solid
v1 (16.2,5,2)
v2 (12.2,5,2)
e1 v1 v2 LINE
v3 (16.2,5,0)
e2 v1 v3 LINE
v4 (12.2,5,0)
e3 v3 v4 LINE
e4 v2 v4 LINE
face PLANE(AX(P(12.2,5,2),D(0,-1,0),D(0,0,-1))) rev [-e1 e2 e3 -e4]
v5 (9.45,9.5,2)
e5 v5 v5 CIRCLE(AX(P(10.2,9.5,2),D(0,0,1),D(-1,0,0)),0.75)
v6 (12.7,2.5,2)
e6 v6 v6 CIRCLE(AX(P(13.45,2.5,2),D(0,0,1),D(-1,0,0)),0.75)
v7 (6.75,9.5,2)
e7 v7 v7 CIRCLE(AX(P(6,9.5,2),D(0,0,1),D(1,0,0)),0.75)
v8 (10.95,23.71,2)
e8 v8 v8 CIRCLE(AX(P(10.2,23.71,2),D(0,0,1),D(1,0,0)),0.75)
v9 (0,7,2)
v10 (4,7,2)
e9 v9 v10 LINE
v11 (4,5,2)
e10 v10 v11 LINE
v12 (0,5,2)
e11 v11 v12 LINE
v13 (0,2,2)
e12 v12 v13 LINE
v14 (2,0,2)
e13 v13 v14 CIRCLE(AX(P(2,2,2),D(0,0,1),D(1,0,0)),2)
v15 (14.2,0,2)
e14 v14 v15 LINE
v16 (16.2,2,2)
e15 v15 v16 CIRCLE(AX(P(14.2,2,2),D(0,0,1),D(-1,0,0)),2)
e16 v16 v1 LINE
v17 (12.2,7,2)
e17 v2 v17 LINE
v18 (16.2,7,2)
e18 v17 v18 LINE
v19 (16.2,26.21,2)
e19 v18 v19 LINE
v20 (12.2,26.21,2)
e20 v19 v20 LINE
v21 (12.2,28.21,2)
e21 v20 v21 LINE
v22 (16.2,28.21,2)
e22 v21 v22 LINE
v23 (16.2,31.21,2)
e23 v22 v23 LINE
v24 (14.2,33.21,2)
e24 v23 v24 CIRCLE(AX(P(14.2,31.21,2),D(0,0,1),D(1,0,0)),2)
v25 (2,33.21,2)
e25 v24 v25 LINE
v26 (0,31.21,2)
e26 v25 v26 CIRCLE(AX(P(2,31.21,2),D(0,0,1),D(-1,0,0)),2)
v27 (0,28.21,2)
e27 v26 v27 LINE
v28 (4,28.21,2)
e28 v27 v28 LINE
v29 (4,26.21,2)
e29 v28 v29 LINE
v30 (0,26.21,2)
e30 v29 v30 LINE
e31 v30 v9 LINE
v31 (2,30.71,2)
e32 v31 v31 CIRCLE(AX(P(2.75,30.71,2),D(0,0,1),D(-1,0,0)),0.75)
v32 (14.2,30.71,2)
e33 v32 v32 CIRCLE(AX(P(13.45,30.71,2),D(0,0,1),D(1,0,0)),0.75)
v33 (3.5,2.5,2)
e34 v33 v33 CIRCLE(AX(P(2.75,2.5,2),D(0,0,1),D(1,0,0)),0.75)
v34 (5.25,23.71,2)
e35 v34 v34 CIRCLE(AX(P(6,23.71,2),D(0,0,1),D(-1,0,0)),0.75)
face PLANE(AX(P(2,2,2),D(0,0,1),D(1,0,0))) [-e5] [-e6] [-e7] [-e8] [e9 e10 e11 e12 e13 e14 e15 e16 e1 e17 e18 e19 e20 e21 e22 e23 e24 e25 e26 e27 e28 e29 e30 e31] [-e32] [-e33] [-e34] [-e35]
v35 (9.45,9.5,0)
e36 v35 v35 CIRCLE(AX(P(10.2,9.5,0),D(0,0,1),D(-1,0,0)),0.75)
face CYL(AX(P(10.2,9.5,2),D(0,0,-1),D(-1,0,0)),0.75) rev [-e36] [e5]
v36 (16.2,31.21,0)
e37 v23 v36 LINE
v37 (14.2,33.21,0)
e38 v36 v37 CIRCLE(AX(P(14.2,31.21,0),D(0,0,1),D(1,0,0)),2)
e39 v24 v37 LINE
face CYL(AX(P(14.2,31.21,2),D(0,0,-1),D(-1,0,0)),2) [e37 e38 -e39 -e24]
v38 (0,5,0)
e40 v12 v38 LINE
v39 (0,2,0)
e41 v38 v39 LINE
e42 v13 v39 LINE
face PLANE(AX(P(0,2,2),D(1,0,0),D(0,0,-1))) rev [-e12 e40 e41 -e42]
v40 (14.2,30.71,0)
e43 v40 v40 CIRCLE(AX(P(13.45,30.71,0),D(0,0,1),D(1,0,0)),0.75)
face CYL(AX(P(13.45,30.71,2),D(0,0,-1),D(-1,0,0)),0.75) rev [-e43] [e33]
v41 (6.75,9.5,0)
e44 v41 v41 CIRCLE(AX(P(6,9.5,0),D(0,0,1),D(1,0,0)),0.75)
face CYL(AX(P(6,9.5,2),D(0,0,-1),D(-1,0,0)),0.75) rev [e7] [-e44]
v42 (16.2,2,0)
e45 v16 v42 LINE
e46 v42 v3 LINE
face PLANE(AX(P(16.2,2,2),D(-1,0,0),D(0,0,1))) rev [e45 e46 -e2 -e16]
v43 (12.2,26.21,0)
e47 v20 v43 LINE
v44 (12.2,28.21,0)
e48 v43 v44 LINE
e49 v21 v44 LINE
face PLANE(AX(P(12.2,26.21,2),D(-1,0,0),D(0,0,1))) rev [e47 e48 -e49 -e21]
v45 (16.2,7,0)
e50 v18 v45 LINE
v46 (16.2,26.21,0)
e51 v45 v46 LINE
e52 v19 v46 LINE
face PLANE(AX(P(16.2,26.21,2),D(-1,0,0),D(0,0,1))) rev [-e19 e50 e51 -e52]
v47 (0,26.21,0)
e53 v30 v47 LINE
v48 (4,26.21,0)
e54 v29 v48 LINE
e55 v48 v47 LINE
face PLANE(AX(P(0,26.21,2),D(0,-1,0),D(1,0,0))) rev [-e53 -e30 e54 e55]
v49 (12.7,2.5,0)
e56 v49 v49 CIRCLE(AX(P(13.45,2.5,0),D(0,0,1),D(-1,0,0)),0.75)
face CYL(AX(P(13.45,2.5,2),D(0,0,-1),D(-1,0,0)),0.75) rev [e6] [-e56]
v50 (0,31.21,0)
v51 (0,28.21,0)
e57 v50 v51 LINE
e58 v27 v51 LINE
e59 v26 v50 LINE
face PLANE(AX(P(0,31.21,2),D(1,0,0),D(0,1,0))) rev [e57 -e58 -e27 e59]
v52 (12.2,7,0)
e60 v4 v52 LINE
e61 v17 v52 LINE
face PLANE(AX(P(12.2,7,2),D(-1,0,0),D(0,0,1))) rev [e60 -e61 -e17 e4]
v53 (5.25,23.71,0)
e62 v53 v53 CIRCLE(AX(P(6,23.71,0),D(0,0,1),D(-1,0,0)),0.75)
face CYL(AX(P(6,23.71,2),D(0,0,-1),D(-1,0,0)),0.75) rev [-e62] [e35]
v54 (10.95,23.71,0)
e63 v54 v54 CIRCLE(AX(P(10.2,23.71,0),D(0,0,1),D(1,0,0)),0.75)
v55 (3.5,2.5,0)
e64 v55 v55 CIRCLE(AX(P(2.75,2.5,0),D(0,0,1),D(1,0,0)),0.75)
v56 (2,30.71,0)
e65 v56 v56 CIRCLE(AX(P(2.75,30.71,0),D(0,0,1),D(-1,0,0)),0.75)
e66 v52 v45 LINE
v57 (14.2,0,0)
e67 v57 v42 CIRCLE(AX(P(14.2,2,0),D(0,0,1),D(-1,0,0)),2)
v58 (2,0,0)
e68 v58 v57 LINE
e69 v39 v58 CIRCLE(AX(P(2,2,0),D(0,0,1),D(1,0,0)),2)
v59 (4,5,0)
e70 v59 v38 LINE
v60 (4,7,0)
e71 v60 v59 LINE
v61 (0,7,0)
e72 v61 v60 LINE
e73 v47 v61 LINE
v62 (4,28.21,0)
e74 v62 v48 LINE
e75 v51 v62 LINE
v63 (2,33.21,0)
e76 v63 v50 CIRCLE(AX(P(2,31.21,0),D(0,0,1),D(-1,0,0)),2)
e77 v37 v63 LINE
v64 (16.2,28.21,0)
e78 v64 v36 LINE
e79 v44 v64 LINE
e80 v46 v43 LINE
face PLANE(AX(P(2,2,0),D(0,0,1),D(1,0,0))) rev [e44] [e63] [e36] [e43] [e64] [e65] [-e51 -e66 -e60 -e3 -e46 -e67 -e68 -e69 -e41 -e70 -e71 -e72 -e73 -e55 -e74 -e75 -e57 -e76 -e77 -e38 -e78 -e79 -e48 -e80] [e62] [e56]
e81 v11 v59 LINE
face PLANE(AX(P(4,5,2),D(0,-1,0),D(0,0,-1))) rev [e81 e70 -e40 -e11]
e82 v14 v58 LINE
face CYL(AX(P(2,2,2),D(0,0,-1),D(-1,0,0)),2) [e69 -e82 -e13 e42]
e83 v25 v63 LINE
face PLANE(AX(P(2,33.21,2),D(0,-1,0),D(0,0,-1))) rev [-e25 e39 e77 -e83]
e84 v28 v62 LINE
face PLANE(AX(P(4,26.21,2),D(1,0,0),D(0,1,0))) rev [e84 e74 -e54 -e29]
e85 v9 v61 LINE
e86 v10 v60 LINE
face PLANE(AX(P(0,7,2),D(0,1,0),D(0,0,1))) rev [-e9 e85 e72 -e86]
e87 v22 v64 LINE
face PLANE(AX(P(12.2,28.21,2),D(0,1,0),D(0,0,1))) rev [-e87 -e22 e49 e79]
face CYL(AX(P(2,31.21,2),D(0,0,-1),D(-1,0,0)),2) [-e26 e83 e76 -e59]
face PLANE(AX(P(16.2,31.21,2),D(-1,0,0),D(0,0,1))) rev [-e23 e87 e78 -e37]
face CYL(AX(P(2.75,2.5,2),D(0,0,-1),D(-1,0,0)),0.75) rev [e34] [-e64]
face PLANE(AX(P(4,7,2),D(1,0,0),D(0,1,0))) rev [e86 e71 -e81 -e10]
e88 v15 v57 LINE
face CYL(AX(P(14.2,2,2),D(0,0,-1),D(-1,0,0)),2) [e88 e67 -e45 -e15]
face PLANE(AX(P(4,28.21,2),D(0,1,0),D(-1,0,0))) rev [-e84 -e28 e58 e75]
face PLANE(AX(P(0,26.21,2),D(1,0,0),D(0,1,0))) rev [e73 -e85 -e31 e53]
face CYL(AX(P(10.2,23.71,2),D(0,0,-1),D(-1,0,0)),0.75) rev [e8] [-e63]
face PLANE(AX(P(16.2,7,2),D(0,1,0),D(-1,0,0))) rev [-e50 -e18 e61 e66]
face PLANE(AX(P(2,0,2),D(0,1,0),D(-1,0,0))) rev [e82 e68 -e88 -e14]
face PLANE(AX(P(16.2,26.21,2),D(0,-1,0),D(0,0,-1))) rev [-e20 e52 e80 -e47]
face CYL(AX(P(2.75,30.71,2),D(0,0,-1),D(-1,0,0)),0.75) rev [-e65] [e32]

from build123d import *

# Parameters (mm, degrees)
SKETCH1_R           = 0.75
BOSS_EXTRUDE1_DEPTH = 2


with BuildPart() as part:
    # Sketch1 → Boss-Extrude1 (new body)
    with BuildSketch(Plane.XY):
        with BuildLine():
            Line((0, 26.21), (0, 7))
            Line((0, 7), (4, 7))
            Line((4, 7), (4, 5))
            Line((4, 5), (0, 5))
            Line((0, 5), (0, 2))
            ThreePointArc((0, 2), (0.585786438, 0.585786438), (2, 0))
            Line((2, 0), (14.2, 0))
            ThreePointArc((14.2, 0), (15.614213562, 0.585786438), (16.2, 2))
            Line((16.2, 2), (16.2, 5))
            Line((16.2, 5), (12.2, 5))
            Line((12.2, 5), (12.2, 7))
            Line((12.2, 7), (16.2, 7))
            Line((16.2, 7), (16.2, 26.21))
            Line((16.2, 26.21), (12.2, 26.21))
            Line((12.2, 26.21), (12.2, 28.21))
            Line((12.2, 28.21), (16.2, 28.21))
            Line((16.2, 28.21), (16.2, 31.21))
            ThreePointArc((16.2, 31.21), (15.614213562, 32.624213562), (14.2, 33.21))
            Line((14.2, 33.21), (2, 33.21))
            ThreePointArc((2, 33.21), (0.585786438, 32.624213562), (0, 31.21))
            Line((0, 31.21), (0, 28.21))
            Line((0, 28.21), (4, 28.21))
            Line((4, 28.21), (4, 26.21))
            Line((4, 26.21), (0, 26.21))
        make_face()
        with Locations((13.45, 2.5)):
            Circle(SKETCH1_R, mode=Mode.SUBTRACT)
        with Locations((10.2, 9.5)):
            Circle(SKETCH1_R, mode=Mode.SUBTRACT)
        with Locations((2.75, 30.71)):
            Circle(SKETCH1_R, mode=Mode.SUBTRACT)
        with Locations((6, 23.71)):
            Circle(SKETCH1_R, mode=Mode.SUBTRACT)
        with Locations((6, 9.5)):
            Circle(SKETCH1_R, mode=Mode.SUBTRACT)
        with Locations((2.75, 2.5)):
            Circle(SKETCH1_R, mode=Mode.SUBTRACT)
        with Locations((10.2, 23.71)):
            Circle(SKETCH1_R, mode=Mode.SUBTRACT)
        with Locations((13.45, 30.71)):
            Circle(SKETCH1_R, mode=Mode.SUBTRACT)
    extrude(amount=BOSS_EXTRUDE1_DEPTH)


solid = part.part
